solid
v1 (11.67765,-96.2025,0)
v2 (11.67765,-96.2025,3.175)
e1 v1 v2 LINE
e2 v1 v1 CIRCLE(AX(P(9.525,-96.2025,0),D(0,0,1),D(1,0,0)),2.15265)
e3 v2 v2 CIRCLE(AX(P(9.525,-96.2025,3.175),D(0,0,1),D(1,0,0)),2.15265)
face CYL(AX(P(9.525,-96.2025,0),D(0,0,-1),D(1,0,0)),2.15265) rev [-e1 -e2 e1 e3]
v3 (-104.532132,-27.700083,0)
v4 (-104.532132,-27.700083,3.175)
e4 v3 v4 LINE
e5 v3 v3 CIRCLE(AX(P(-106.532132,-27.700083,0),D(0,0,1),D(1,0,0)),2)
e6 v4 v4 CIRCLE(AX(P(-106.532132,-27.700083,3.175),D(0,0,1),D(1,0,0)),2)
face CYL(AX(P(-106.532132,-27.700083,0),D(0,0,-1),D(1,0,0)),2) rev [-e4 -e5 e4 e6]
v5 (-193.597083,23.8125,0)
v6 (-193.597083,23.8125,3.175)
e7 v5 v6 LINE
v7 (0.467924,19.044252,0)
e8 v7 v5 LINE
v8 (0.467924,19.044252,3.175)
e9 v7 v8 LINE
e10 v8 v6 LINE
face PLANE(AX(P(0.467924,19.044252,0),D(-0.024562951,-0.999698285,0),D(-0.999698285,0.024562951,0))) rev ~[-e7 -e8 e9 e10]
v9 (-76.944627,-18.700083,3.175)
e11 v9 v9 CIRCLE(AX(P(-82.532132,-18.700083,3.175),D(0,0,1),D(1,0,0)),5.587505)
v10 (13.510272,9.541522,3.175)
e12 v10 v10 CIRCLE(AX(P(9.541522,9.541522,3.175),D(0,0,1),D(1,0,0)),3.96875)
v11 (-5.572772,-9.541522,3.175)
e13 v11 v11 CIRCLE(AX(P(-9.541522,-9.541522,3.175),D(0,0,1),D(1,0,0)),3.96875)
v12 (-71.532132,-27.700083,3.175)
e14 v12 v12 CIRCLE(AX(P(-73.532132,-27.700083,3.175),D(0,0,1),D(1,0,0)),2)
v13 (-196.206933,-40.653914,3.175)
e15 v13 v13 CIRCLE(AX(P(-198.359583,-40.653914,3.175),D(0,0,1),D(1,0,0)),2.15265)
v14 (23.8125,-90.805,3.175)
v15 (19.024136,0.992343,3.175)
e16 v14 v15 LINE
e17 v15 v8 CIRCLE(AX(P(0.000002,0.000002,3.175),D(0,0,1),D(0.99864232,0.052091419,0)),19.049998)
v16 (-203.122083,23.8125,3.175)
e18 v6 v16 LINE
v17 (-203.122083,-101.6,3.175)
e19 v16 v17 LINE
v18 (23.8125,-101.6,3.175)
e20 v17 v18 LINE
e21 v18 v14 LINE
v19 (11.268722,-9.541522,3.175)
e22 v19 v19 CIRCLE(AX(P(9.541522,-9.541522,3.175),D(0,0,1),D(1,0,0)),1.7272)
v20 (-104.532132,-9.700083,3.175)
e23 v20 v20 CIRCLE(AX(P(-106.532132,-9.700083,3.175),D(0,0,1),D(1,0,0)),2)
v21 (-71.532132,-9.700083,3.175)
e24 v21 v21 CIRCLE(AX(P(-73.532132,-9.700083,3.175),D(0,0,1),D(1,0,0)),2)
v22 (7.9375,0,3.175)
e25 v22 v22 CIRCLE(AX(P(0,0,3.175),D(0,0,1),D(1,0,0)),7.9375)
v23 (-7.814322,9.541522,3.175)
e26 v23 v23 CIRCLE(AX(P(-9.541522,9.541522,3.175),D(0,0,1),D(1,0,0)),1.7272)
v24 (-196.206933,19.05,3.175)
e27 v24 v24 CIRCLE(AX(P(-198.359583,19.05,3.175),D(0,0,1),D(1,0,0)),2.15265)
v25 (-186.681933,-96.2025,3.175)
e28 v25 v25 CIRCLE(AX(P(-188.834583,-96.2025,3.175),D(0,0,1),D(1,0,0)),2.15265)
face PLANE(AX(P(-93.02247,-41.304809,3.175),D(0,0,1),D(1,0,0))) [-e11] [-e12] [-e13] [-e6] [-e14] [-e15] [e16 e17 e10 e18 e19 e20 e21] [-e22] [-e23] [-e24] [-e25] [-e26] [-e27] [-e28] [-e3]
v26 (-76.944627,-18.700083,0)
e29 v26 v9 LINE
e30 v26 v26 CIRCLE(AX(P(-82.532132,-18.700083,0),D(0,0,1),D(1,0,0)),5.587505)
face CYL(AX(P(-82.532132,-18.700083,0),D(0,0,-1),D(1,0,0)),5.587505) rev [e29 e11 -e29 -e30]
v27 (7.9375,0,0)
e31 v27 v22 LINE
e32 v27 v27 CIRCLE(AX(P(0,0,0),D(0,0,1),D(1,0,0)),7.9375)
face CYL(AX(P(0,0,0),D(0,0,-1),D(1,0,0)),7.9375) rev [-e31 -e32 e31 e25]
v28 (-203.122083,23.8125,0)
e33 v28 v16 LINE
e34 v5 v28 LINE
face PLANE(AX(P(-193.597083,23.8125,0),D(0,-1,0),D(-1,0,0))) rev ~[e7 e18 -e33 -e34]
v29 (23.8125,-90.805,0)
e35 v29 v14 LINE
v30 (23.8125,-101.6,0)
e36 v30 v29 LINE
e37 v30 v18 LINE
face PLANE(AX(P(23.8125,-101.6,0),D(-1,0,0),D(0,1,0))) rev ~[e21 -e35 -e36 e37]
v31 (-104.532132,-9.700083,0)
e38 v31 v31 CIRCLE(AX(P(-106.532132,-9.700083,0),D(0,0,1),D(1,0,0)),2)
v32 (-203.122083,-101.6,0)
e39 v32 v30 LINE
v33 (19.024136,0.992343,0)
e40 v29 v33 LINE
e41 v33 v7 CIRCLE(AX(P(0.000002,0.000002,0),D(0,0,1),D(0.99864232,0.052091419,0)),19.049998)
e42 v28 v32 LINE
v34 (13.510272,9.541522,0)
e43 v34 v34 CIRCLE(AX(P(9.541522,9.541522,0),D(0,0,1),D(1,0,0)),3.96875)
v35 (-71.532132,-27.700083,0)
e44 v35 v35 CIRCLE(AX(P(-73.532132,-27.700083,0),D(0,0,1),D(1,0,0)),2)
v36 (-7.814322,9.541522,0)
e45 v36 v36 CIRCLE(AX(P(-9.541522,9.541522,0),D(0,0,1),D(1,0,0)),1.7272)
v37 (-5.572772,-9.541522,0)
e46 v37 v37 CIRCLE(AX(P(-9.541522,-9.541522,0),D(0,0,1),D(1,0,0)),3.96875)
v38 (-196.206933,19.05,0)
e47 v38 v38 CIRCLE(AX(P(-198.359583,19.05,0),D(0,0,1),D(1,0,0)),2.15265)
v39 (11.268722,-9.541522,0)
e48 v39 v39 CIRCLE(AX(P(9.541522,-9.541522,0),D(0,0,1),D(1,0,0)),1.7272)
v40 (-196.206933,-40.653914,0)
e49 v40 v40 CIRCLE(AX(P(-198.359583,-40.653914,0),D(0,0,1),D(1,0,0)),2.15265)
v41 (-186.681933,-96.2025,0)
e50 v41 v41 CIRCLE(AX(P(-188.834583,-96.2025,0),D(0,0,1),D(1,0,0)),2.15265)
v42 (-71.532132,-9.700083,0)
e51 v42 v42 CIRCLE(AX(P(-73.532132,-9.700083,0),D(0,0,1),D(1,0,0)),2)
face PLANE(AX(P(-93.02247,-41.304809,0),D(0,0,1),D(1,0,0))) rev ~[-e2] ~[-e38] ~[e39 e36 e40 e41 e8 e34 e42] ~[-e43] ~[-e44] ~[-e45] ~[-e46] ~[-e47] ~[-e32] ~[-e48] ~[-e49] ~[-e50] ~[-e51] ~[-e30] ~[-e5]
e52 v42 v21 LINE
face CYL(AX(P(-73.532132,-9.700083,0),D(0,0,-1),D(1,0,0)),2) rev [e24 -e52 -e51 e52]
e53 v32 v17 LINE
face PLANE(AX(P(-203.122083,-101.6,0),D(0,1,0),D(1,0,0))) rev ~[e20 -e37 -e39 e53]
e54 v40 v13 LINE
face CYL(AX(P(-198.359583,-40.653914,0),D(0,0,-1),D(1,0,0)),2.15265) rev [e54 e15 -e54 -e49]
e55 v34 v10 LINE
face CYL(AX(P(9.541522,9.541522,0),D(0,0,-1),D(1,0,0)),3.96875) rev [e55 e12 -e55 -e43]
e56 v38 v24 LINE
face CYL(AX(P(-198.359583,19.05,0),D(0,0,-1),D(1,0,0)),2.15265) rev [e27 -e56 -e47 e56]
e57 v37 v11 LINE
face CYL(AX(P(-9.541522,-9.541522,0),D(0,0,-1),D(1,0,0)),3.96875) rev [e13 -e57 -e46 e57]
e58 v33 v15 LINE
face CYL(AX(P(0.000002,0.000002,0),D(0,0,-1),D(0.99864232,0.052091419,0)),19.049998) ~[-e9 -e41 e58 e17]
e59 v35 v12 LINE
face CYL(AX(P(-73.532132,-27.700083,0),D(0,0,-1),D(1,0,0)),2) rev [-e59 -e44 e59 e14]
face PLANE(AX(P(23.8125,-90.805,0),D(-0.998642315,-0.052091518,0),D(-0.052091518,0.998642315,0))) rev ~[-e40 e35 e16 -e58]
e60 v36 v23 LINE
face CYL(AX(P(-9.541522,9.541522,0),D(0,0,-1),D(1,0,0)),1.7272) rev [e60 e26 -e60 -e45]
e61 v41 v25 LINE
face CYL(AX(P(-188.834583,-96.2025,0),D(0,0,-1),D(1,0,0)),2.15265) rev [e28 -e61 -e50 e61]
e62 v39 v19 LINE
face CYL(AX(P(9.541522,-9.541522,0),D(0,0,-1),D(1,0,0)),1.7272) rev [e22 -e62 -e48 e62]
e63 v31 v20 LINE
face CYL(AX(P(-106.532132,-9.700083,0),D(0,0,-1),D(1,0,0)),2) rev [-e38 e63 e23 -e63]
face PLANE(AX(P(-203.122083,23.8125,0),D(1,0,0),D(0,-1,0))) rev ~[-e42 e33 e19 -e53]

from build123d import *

# Parameters (mm, degrees)
F0_R     = 2.15265
F0_R_2   = 2
F0_R_3   = 5.587505
F0_R_4   = 3.96875
F0_R_5   = 1.7272
F0_R_6   = 7.9375
F1_DEPTH = 3.175


with BuildPart() as f1:
    # F0 (on Top) → F1 (new body)
    with BuildSketch(Plane.XY):
        with BuildLine():
            Line((0.467924, 19.044252), (-193.597083, 23.8125))
            Line((-193.597083, 23.8125), (-203.122083, 23.8125))
            Line((-203.122083, 23.8125), (-203.122083, -101.6))
            Line((-203.122083, -101.6), (23.8125, -101.6))
            Line((23.8125, -101.6), (23.8125, -90.805))
            Line((23.8125, -90.805), (19.024136, 0.992343))
            ThreePointArc((19.024136, 0.992343), (13.28356, 13.654653), (0.467924, 19.044252))
        make_face()
        with Locations((-188.834583, -96.2025)):
            Circle(F0_R, mode=Mode.SUBTRACT)
        with Locations((-198.359583, -40.653914)):
            Circle(F0_R, mode=Mode.SUBTRACT)
        with Locations((9.525, -96.2025)):
            Circle(F0_R, mode=Mode.SUBTRACT)
        with Locations((-106.532132, -27.700083)):
            Circle(F0_R_2, mode=Mode.SUBTRACT)
        with Locations((-106.532132, -9.700083)):
            Circle(F0_R_2, mode=Mode.SUBTRACT)
        with Locations((-198.359583, 19.05)):
            Circle(F0_R, mode=Mode.SUBTRACT)
        with Locations((-73.532132, -27.700083)):
            Circle(F0_R_2, mode=Mode.SUBTRACT)
        with Locations((-82.532132, -18.700083)):
            Circle(F0_R_3, mode=Mode.SUBTRACT)
        with Locations((-73.532132, -9.700083)):
            Circle(F0_R_2, mode=Mode.SUBTRACT)
        with Locations((-9.541522, -9.541522)):
            Circle(F0_R_4, mode=Mode.SUBTRACT)
        with Locations((9.541522, -9.541522)):
            Circle(F0_R_5, mode=Mode.SUBTRACT)
        Circle(F0_R_6, mode=Mode.SUBTRACT)
        with Locations((-9.541522, 9.541522)):
            Circle(F0_R_5, mode=Mode.SUBTRACT)
        with Locations((9.541522, 9.541522)):
            Circle(F0_R_4, mode=Mode.SUBTRACT)
    extrude(amount=F1_DEPTH)


solid = f1.part
